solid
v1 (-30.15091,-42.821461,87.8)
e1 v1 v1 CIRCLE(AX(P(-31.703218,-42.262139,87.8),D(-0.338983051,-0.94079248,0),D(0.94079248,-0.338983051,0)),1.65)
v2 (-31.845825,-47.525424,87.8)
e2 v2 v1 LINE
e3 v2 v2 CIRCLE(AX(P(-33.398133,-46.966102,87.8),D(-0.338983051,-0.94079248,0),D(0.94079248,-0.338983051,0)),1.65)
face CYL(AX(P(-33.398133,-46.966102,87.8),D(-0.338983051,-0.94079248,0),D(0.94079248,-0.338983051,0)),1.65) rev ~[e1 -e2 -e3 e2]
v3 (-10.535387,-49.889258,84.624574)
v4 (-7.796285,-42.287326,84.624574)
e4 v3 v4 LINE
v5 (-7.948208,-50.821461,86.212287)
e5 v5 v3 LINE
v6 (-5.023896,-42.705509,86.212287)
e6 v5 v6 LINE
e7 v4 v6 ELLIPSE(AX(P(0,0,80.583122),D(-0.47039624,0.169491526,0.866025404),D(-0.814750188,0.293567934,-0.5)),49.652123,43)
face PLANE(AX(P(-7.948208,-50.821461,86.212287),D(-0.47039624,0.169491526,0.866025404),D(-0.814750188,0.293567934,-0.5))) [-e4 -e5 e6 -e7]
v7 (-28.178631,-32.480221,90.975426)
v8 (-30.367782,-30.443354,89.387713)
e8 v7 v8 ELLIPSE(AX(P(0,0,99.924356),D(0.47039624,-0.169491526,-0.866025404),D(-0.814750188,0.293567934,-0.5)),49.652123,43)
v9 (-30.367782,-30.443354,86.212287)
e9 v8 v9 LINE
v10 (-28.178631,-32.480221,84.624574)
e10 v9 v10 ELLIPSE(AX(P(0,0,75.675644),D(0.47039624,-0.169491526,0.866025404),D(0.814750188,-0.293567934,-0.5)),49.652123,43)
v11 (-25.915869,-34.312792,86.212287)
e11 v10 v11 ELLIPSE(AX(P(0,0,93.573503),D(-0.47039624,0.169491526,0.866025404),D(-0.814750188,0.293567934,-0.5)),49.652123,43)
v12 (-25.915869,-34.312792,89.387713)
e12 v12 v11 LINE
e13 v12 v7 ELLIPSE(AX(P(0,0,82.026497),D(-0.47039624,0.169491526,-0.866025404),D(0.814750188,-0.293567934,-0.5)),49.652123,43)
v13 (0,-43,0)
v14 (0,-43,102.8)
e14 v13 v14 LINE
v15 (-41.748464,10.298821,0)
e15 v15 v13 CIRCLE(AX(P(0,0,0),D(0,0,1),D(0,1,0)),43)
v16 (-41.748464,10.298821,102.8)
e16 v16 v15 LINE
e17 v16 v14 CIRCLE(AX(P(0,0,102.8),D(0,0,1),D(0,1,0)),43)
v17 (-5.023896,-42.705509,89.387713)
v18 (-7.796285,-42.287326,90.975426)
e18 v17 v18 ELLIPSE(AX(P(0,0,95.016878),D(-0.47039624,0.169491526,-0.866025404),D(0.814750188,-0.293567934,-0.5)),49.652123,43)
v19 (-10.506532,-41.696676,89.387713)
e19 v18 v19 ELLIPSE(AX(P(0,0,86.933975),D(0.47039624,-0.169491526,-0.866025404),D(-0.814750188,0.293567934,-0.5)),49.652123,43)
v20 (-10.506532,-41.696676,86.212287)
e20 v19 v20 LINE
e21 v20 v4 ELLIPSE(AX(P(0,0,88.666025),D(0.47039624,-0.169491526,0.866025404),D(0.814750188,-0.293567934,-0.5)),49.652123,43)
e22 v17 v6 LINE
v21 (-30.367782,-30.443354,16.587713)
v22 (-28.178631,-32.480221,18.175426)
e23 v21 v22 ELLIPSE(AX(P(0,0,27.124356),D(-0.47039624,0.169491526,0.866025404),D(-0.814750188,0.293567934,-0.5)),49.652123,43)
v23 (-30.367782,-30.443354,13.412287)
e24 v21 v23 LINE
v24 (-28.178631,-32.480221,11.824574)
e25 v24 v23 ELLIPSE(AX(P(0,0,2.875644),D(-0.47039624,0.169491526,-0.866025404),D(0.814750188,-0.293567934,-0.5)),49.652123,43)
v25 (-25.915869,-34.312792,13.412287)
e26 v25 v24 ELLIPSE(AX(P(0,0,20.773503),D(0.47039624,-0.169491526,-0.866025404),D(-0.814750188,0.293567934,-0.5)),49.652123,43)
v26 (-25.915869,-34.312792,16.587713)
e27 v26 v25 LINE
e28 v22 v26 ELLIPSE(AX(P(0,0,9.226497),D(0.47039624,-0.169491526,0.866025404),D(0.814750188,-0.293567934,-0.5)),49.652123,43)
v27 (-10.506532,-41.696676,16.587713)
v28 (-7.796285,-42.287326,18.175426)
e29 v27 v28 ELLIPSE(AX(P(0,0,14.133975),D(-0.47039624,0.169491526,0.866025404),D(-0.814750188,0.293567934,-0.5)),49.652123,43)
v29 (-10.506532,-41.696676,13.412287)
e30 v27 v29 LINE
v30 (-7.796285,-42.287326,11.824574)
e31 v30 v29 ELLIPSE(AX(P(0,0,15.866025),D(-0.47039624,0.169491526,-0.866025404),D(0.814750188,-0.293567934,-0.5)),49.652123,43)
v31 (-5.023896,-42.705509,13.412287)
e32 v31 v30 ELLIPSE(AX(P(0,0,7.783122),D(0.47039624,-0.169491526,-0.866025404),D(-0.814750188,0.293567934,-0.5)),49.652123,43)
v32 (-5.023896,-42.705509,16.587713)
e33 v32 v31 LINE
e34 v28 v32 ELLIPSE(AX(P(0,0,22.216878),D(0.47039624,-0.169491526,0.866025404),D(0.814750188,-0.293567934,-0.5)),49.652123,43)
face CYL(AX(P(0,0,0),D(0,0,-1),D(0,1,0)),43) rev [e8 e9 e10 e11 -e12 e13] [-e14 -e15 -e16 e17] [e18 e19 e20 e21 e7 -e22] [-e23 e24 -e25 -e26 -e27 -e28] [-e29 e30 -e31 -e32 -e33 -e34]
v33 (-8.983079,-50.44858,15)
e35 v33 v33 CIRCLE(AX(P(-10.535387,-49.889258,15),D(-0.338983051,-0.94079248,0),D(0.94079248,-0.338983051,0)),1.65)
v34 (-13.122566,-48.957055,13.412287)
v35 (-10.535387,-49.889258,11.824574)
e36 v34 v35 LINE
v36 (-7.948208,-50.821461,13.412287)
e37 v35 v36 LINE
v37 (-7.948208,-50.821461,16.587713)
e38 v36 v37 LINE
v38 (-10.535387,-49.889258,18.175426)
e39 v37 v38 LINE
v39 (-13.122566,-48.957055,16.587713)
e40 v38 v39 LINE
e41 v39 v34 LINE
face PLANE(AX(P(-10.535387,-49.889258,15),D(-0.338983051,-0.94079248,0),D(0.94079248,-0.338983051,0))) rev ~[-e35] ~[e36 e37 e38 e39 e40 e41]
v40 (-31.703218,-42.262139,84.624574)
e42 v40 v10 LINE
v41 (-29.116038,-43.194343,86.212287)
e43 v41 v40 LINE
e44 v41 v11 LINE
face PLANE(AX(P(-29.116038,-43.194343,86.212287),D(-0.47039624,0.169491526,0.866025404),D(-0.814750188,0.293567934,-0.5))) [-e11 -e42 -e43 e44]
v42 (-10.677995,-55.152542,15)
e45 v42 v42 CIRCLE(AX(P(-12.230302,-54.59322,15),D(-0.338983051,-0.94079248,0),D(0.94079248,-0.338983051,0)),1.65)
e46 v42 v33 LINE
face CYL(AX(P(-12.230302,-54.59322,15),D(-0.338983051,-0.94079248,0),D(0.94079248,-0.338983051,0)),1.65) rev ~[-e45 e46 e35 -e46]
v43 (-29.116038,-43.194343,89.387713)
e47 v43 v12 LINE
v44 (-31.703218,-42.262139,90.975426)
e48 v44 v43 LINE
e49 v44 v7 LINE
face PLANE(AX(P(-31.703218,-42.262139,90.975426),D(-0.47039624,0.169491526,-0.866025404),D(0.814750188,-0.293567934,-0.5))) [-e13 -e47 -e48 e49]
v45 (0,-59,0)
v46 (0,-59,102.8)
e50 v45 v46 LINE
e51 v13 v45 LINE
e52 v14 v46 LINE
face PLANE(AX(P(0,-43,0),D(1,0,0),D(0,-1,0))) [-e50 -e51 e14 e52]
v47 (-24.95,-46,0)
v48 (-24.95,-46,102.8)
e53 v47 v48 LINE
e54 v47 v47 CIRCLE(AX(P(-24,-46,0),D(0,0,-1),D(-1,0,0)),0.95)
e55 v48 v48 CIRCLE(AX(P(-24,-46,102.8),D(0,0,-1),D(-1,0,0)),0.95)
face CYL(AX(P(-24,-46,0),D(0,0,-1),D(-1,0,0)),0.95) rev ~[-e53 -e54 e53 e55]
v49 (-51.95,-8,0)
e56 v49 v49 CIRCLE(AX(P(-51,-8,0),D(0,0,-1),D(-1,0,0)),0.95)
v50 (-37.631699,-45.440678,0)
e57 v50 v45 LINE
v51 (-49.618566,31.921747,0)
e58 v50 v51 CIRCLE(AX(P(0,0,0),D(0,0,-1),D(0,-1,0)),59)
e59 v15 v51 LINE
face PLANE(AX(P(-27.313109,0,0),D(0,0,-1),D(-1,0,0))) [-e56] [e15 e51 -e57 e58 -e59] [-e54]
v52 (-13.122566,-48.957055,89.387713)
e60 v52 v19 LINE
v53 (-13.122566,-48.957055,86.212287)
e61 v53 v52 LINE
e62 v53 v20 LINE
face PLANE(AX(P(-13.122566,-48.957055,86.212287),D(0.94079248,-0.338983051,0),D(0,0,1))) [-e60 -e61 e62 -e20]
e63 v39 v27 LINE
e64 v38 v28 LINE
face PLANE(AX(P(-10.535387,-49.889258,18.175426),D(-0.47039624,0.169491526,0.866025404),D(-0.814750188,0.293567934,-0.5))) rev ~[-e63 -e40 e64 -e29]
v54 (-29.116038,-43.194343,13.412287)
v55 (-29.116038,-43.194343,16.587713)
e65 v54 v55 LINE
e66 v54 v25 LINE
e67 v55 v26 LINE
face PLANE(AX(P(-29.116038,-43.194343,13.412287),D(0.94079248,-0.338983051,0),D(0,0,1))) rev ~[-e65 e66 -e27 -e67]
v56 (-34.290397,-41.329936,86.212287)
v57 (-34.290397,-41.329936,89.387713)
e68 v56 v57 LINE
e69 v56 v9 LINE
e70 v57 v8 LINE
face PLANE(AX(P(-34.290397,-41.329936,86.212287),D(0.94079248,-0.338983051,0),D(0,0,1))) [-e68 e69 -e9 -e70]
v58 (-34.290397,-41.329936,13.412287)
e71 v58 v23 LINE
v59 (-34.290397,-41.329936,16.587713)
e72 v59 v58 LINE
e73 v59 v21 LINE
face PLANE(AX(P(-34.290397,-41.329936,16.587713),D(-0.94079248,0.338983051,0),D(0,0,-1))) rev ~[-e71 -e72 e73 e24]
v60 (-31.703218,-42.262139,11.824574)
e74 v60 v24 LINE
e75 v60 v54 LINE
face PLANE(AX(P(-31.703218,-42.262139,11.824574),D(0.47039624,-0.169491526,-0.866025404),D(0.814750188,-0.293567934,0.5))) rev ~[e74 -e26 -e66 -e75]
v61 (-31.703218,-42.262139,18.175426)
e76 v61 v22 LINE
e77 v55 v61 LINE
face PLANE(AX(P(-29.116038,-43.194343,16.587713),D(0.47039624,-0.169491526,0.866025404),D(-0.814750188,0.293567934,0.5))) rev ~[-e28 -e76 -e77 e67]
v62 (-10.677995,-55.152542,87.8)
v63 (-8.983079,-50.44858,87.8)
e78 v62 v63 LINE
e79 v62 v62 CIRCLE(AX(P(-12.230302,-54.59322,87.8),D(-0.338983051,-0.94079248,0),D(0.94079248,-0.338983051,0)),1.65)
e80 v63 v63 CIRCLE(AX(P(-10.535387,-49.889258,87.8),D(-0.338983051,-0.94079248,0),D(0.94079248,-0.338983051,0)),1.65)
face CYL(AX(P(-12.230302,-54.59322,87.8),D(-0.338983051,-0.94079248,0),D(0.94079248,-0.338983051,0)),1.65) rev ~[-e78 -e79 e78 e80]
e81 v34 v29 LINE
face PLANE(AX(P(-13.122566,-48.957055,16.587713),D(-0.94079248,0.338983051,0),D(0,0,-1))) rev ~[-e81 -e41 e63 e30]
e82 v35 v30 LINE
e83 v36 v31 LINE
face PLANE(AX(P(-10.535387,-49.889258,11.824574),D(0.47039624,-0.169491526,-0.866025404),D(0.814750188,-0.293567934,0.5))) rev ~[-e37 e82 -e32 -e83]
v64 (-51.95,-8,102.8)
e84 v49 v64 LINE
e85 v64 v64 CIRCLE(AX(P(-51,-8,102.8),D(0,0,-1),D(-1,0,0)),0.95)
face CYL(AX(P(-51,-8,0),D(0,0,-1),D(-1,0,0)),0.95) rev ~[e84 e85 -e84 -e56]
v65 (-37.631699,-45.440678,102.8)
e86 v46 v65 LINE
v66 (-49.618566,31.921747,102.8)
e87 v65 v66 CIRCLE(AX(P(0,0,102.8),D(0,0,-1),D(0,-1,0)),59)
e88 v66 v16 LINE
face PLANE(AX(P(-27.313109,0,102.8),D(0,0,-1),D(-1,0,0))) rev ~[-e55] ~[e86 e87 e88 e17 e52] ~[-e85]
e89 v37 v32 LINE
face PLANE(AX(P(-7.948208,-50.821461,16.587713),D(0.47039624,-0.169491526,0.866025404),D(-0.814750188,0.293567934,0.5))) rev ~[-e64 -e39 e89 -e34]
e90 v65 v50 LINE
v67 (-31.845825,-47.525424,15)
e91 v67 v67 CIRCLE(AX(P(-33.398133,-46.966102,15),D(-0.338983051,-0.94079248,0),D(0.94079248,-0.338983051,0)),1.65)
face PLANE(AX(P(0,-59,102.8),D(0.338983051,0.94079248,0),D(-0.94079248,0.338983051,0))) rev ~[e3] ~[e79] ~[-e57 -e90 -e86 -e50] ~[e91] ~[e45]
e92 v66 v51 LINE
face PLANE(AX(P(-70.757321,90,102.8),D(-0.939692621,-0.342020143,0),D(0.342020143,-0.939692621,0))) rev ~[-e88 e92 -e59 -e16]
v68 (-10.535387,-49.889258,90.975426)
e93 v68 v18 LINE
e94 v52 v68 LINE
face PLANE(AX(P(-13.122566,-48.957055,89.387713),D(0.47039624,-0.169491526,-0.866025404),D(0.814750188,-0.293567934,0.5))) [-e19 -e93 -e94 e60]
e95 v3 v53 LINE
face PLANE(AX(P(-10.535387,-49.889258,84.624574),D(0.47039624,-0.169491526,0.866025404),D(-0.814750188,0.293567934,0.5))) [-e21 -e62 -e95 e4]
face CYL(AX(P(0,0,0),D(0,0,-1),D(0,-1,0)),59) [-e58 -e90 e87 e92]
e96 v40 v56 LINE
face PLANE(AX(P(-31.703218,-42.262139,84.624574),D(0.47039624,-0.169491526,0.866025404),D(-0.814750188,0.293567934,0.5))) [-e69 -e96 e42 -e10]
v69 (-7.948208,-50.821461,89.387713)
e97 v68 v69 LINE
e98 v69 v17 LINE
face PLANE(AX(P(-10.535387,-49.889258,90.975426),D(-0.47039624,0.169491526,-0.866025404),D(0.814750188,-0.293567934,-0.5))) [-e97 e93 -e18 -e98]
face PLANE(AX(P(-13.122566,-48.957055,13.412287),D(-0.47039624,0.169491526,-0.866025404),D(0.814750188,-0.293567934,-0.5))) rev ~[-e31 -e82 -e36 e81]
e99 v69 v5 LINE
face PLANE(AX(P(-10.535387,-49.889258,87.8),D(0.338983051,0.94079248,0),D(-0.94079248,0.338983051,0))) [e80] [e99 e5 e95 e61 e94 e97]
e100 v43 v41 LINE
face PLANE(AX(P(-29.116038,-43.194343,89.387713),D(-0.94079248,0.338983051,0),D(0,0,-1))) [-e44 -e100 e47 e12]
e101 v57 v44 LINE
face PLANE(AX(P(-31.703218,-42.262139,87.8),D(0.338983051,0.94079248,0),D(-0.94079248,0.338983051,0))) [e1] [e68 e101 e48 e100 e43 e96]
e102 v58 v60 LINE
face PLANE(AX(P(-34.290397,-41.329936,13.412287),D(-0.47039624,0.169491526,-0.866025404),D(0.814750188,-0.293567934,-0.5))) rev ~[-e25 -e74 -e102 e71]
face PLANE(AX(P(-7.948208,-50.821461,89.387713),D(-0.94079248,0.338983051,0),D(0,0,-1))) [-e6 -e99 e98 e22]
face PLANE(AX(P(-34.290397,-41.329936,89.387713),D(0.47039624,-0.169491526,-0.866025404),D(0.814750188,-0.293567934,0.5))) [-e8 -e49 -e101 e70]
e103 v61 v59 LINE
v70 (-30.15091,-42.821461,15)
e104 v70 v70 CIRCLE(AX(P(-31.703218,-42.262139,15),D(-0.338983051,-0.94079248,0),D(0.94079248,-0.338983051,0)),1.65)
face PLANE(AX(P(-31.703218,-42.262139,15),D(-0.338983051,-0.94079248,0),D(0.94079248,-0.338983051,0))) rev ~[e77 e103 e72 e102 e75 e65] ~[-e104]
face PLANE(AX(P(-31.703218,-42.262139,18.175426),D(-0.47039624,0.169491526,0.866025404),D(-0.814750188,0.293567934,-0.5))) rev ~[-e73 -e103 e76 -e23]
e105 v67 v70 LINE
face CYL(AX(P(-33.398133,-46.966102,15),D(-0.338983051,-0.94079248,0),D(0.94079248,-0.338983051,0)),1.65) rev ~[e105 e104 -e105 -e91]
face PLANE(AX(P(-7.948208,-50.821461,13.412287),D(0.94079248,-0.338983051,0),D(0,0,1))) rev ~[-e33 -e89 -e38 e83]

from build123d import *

# Parameters (mm, degrees)
BOSS_EXTRUDE1_DEPTH = 102.8
CUT_EXTRUDE1_DEPTH  = 103.8
CUT_EXTRUDE2_DEPTH  = 103.8
CUT_EXTRUDE3_REACH  = 87.538
SKETCH5_R           = 1.65
CUT_EXTRUDE4_START  = -5
CUT_EXTRUDE4_DEPTH  = 81.538495947
SKETCH7_R           = 0.95
CUT_EXTRUDE5_DEPTH  = 103.8


with BuildPart() as part:
    # Sketch1 → Boss-Extrude1 (new body)
    with BuildSketch(Plane.XY):
        with BuildLine():
            Line((0, 59), (0, 43))
            ThreePointArc((0, 43), (-43, 0), (0, -43))
            Line((0, -43), (0, -59))
            ThreePointArc((0, -59), (-59, 0), (0, 59))
        make_face()
    extrude(amount=BOSS_EXTRUDE1_DEPTH)

    # Sketch3 → Cut-Extrude1 (cut, through all)
    with BuildSketch(Plane.XY.offset(102.8)):
        Polygon((0, 0), (0, 90), (-70.757321084, 90), (-38, 0), align=None)
    extrude(amount=-CUT_EXTRUDE1_DEPTH, mode=Mode.SUBTRACT)

    # Sketch4 → Cut-Extrude2 (cut, through all)
    with BuildSketch(Plane.XY.offset(102.8)):
        Polygon((0, -59), (-37.631699217, -45.440677966), (-42.517346633, -59), align=None)
    extrude(amount=-CUT_EXTRUDE2_DEPTH, mode=Mode.SUBTRACT)

    # Sketch5 → Cut-Extrude3 (cut, up to next)
    with BuildSketch(Plane(origin=(-18.815849609, -52.220338983, 0), x_dir=(0.94079248, -0.338983051, 0), z_dir=(-0.338983051, -0.94079248, 0)), mode=Mode.PRIVATE) as cut_extrude3_sk1:
        with Locations((7, 15)):
            Circle(SKETCH5_R)
    cut_extrude3_tool1 = extrude(cut_extrude3_sk1.sketch, amount=-CUT_EXTRUDE3_REACH, mode=Mode.PRIVATE) & part.part
    add(cut_extrude3_tool1.solids().sort_by_distance((-12.230302, -54.59322, 15))[0], mode=Mode.SUBTRACT)
    # Sketch5 → Cut-Extrude3 (cut, up to next)
    with BuildSketch(Plane(origin=(-18.815849609, -52.220338983, 0), x_dir=(0.94079248, -0.338983051, 0), z_dir=(-0.338983051, -0.94079248, 0)), mode=Mode.PRIVATE) as cut_extrude3_sk2:
        with Locations((-15.5, 15)):
            Circle(SKETCH5_R)
    cut_extrude3_tool2 = extrude(cut_extrude3_sk2.sketch, amount=-CUT_EXTRUDE3_REACH, mode=Mode.PRIVATE) & part.part
    add(cut_extrude3_tool2.solids().sort_by_distance((-33.398133, -46.966102, 15))[0], mode=Mode.SUBTRACT)
    # Sketch5 → Cut-Extrude3 (cut, up to next)
    with BuildSketch(Plane(origin=(-18.815849609, -52.220338983, 0), x_dir=(0.94079248, -0.338983051, 0), z_dir=(-0.338983051, -0.94079248, 0)), mode=Mode.PRIVATE) as cut_extrude3_sk3:
        with Locations((-15.5, 87.8)):
            Circle(SKETCH5_R)
    cut_extrude3_tool3 = extrude(cut_extrude3_sk3.sketch, amount=-CUT_EXTRUDE3_REACH, mode=Mode.PRIVATE) & part.part
    add(cut_extrude3_tool3.solids().sort_by_distance((-33.398133, -46.966102, 87.8))[0], mode=Mode.SUBTRACT)
    # Sketch5 → Cut-Extrude3 (cut, up to next)
    with BuildSketch(Plane(origin=(-18.815849609, -52.220338983, 0), x_dir=(0.94079248, -0.338983051, 0), z_dir=(-0.338983051, -0.94079248, 0)), mode=Mode.PRIVATE) as cut_extrude3_sk4:
        with Locations((7, 87.8)):
            Circle(SKETCH5_R)
    cut_extrude3_tool4 = extrude(cut_extrude3_sk4.sketch, amount=-CUT_EXTRUDE3_REACH, mode=Mode.PRIVATE) & part.part
    add(cut_extrude3_tool4.solids().sort_by_distance((-12.230302, -54.59322, 87.8))[0], mode=Mode.SUBTRACT)

    # Sketch6 → Cut-Extrude4 (cut, through all)
    with BuildSketch(Plane(origin=(-18.815849609, -52.220338983, 0), x_dir=(0.94079248, -0.338983051, 0), z_dir=(-0.338983051, -0.94079248, 0)).offset(CUT_EXTRUDE4_START)):
        Polygon((7, 11.824573519), (9.75, 13.41228676), (9.75, 16.58771324), (7, 18.175426481), (4.25, 16.58771324), (4.25, 13.41228676), align=None)
        Polygon((-15.5, 11.824573519), (-12.75, 13.41228676), (-12.75, 16.58771324), (-15.5, 18.175426481), (-18.25, 16.58771324), (-18.25, 13.41228676), align=None)
        Polygon((-18.25, 89.38771324), (-15.5, 90.975426481), (-12.75, 89.38771324), (-12.75, 86.21228676), (-15.5, 84.624573519), (-18.25, 86.21228676), align=None)
        Polygon((4.25, 89.38771324), (7, 90.975426481), (9.75, 89.38771324), (9.75, 86.21228676), (7, 84.624573519), (4.25, 86.21228676), align=None)
    extrude(amount=-CUT_EXTRUDE4_DEPTH, mode=Mode.SUBTRACT)

    # Sketch7 → Cut-Extrude5 (cut, through all)
    with BuildSketch(Plane(origin=(0, 0, 0), x_dir=(-1, 0, 0), z_dir=(0, 0, -1))):
        with Locations((24, -46)):
            Circle(SKETCH7_R)
        with Locations((51, -8)):
            Circle(SKETCH7_R)
    extrude(amount=-CUT_EXTRUDE5_DEPTH, mode=Mode.SUBTRACT)


solid = part.part
